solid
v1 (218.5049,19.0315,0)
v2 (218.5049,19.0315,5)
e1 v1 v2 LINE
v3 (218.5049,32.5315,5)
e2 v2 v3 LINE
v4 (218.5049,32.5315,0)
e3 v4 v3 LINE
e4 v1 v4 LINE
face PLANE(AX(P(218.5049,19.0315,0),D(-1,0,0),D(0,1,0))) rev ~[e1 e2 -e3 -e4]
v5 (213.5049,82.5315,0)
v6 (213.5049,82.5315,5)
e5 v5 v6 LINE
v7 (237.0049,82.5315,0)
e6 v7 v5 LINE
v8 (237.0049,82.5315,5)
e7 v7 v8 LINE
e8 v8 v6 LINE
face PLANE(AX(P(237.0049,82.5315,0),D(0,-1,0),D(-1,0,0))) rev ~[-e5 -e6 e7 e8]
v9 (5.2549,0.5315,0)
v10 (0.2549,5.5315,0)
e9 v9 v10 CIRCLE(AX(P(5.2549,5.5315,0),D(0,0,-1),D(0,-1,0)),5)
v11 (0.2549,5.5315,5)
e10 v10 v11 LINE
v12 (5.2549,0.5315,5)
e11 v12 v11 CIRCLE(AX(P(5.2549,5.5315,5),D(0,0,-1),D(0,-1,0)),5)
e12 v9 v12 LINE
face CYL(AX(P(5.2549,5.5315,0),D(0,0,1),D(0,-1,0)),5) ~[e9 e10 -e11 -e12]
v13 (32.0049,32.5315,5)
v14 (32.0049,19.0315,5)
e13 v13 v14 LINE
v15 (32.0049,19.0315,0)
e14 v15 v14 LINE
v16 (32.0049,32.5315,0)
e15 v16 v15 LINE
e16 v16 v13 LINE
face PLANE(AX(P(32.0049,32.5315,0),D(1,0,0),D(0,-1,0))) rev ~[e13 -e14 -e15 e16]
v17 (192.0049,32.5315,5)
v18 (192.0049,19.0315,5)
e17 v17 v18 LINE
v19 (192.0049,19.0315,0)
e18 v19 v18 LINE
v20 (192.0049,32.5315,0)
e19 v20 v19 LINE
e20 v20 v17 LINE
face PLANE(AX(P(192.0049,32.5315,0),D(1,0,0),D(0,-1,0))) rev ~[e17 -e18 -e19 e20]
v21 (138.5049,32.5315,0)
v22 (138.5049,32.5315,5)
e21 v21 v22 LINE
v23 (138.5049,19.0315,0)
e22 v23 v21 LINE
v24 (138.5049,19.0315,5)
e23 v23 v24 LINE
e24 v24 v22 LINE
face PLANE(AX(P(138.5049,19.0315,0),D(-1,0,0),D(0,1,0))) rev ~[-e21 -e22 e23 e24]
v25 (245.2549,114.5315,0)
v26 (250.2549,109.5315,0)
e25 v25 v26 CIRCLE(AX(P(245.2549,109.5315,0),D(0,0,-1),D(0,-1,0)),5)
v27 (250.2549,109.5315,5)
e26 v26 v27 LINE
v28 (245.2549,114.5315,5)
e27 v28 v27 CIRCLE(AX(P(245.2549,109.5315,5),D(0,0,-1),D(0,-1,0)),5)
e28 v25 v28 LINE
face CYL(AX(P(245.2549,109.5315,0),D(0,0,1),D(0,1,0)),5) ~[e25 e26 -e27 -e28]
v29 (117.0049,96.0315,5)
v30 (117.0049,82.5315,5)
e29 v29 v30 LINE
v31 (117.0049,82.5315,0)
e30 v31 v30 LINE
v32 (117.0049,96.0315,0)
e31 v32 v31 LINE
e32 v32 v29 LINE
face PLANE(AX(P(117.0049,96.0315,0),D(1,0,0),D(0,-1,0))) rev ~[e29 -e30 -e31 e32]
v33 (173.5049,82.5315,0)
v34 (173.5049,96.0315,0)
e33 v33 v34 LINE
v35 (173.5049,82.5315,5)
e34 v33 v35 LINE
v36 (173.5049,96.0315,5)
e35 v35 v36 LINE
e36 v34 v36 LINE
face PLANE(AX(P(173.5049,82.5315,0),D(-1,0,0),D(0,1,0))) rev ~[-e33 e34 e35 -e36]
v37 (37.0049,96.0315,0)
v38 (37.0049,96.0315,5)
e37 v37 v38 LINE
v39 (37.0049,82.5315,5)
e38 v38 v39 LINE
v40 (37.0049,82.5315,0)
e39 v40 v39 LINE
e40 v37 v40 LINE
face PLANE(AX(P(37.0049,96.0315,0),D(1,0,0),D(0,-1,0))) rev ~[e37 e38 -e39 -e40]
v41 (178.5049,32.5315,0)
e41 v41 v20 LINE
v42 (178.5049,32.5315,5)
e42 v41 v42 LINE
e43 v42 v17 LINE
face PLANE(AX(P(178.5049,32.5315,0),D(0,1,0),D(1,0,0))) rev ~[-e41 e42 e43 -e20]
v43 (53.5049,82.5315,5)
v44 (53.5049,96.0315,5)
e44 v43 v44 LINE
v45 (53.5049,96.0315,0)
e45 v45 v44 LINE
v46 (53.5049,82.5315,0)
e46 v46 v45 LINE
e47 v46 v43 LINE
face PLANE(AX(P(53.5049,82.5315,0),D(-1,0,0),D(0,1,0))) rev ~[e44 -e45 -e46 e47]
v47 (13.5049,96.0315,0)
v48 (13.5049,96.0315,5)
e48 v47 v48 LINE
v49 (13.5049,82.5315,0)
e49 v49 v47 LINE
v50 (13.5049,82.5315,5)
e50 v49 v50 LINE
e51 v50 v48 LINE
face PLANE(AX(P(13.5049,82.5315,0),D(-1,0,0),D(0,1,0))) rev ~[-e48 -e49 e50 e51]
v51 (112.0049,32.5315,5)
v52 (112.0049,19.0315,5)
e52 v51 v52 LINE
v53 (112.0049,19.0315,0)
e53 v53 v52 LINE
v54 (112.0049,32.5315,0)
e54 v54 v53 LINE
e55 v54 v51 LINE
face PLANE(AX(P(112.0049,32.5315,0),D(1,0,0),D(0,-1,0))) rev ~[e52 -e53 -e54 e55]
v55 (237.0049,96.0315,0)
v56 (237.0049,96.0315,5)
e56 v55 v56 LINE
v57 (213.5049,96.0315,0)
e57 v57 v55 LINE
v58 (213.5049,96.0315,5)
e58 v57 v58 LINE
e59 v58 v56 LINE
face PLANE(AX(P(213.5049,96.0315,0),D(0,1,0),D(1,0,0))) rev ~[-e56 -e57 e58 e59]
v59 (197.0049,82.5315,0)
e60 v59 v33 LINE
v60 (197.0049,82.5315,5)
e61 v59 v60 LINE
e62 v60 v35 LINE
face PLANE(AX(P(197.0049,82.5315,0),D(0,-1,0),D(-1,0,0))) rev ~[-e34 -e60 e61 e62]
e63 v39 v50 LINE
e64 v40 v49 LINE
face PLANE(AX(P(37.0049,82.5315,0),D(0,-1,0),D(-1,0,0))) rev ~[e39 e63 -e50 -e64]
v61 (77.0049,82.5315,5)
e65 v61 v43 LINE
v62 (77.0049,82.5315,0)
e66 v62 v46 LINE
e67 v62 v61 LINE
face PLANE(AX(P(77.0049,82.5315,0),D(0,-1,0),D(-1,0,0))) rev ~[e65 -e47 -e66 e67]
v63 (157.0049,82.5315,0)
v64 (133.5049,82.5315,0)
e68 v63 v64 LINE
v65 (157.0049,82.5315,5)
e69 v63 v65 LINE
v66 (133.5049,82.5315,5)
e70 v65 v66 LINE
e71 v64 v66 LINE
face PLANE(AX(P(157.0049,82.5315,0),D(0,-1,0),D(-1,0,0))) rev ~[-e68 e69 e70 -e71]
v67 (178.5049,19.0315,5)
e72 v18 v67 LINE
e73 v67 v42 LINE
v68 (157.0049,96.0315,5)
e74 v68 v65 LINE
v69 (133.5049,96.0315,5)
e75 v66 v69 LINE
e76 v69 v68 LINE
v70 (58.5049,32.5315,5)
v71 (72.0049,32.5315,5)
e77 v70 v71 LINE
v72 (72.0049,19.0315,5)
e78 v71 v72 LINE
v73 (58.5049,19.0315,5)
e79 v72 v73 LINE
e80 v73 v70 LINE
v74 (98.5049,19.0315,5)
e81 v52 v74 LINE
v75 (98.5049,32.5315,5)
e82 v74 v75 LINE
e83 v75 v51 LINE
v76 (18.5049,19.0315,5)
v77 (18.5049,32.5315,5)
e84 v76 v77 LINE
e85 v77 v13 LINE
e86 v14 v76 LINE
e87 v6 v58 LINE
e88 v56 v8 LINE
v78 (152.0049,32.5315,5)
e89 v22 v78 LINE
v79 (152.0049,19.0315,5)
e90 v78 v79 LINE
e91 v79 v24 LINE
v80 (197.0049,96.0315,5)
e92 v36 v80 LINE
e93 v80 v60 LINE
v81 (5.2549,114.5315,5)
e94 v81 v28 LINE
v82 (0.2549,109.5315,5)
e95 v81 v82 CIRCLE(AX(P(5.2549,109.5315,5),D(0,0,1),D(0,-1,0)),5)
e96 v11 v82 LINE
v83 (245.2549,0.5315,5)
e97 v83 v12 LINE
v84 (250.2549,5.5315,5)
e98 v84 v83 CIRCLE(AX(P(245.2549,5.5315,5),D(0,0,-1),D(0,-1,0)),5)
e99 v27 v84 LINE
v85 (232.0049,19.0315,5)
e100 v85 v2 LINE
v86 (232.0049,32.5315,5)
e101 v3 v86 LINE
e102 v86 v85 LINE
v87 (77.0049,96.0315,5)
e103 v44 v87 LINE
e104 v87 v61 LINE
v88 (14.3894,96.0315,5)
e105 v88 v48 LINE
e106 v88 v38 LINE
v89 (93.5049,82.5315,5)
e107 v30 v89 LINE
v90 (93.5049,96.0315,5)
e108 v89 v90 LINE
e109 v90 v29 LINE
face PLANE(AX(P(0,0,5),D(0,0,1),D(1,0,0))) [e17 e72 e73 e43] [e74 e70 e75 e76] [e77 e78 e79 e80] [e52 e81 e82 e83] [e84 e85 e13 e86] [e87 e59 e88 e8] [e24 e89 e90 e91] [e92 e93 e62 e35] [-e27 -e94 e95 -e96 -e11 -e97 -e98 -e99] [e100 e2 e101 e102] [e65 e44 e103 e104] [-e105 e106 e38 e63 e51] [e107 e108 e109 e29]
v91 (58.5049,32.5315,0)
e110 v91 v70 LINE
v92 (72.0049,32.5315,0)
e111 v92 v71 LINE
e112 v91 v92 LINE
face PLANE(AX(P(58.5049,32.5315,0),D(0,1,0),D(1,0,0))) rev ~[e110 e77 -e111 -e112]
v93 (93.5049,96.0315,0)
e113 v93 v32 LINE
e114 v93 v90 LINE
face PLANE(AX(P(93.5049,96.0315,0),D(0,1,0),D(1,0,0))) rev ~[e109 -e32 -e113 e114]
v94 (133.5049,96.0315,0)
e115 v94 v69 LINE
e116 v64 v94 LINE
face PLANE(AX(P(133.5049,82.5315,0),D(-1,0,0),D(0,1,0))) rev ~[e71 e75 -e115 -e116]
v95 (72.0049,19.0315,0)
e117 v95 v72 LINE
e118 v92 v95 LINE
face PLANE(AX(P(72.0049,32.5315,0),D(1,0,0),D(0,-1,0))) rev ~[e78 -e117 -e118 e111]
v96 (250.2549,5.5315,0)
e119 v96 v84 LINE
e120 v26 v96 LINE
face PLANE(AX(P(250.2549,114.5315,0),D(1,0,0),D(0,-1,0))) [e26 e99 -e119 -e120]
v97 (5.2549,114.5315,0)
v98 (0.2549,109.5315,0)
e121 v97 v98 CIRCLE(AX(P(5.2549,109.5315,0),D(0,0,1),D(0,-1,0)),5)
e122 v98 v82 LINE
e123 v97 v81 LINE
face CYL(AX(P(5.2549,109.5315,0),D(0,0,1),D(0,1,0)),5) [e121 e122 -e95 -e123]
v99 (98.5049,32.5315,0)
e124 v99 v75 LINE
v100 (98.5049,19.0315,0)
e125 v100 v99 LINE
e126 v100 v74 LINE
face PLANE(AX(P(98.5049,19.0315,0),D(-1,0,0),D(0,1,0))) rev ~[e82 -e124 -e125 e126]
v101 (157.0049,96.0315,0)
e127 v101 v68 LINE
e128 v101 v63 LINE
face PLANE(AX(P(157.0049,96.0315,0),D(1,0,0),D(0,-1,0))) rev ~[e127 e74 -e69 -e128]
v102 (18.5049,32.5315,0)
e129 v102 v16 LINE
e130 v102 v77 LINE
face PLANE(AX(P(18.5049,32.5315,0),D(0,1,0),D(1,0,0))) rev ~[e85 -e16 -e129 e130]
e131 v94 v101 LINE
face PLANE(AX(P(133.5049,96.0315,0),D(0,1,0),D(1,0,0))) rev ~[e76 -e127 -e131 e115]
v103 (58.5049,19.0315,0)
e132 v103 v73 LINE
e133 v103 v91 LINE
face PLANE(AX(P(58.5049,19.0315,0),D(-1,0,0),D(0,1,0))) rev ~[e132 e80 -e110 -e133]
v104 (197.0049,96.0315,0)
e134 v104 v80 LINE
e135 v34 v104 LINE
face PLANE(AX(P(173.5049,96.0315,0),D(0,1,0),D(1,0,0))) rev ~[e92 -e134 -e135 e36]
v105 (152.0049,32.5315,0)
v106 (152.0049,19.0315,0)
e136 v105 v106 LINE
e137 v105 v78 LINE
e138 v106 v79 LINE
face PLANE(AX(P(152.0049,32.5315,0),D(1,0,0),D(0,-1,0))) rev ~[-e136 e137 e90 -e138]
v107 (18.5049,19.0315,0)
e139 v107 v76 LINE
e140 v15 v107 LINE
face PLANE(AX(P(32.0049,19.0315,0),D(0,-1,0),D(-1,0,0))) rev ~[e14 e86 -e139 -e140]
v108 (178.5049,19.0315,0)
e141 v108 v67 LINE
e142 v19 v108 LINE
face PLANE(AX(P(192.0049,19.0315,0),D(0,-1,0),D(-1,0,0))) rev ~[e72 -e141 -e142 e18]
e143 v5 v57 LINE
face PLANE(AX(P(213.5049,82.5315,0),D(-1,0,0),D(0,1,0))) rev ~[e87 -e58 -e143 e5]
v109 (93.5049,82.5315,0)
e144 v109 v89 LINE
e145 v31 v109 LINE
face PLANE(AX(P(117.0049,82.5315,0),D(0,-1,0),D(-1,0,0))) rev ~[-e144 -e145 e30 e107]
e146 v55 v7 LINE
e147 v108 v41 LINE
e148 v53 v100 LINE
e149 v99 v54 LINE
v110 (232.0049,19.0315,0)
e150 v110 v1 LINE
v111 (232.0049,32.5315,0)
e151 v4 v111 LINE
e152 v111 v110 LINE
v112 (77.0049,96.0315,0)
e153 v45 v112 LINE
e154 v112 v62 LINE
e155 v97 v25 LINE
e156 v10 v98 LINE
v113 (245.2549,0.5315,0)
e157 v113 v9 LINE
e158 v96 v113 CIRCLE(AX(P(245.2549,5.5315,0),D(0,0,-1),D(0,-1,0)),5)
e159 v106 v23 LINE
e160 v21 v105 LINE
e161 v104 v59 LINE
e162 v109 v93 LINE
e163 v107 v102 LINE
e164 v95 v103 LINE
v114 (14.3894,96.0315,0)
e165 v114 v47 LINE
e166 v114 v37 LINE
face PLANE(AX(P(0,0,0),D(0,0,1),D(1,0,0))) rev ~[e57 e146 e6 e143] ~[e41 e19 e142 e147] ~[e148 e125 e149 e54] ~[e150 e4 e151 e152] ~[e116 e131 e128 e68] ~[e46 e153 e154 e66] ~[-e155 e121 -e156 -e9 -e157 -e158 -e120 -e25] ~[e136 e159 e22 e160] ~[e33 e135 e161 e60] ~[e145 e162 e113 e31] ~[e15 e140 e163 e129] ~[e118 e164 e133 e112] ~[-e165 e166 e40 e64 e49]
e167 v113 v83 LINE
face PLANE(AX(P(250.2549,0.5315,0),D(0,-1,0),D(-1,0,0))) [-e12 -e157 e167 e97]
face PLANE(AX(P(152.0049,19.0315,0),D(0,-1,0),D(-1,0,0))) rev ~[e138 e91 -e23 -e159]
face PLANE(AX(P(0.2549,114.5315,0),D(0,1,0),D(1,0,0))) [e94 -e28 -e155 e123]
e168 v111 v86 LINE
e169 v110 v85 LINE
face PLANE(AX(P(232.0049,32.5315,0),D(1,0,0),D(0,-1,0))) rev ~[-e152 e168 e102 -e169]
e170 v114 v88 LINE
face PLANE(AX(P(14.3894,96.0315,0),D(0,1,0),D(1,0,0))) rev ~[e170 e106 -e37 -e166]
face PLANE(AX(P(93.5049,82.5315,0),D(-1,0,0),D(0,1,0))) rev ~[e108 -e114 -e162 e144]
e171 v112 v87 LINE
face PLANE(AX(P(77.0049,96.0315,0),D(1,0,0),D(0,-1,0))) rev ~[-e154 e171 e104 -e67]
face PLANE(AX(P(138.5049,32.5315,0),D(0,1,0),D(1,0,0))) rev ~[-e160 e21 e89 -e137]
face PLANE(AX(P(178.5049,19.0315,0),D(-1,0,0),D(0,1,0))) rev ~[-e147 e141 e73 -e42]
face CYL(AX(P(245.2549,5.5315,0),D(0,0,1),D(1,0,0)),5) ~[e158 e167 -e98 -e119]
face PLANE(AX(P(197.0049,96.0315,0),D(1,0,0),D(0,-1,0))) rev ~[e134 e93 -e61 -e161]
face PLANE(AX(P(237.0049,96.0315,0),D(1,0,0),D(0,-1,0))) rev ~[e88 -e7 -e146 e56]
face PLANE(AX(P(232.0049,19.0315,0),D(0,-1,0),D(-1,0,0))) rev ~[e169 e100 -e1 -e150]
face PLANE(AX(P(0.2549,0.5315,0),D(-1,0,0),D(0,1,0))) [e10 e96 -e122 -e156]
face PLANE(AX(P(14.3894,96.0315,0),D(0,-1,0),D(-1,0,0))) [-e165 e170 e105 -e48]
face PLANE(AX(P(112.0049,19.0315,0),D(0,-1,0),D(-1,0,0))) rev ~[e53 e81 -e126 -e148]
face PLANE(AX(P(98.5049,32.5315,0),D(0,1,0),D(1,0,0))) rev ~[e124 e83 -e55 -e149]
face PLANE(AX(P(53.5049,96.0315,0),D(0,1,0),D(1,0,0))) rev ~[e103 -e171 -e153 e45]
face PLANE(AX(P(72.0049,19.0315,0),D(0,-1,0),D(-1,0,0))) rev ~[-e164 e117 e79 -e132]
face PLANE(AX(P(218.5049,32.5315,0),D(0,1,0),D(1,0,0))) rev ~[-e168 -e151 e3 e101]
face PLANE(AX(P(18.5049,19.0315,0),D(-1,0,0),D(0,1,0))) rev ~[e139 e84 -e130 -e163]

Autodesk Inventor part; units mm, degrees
ref_plane "YZ Plane" through (0, 0, 0) normal (1, 0, 0) x (0, 1, 0)
ref_plane "XZ Plane" through (0, 0, 0) normal (0, 1, 0) x (-1, 0, 0)
ref_plane "XY Plane" through (0, 0, 0) normal (0, 0, 1) x (1, 0, 0)
sketch "Sketch1" plane through (0, 0, 0) normal (0, 0, 1) x (1, 0, 0)
  line L0 (0.2549, 114.5315) -> (250.2549, 114.5315)
  line L1 (250.2549, 114.5315) -> (250.2549, 0.5315)
  line L2 (250.2549, 0.5315) -> (0.2549, 0.5315)
  line L3 (0.2549, 0.5315) -> (0.2549, 114.5315)
  line L4 (14.3894, 96.0315) -> (37.0049, 96.0315)
  line L5 (37.0049, 96.0315) -> (37.0049, 82.5315)
  line L6 (37.0049, 82.5315) -> (13.5049, 82.5315)
  line L7 (13.5049, 82.5315) -> (13.5049, 96.0315)
  line L8 (18.5049, 32.5315) -> (32.0049, 32.5315)
  line L9 (32.0049, 32.5315) -> (32.0049, 19.0315)
  line L10 (32.0049, 19.0315) -> (18.5049, 19.0315)
  line L11 (18.5049, 19.0315) -> (18.5049, 32.5315)
  line L12 (77.0049, 96.0315) -> (77.0049, 82.5315)
  line L13 (77.0049, 82.5315) -> (53.5049, 82.5315)
  line L14 (53.5049, 82.5315) -> (53.5049, 96.0315)
  line L15 (53.5049, 96.0315) -> (77.0049, 96.0315)
  line L16 (117.0049, 96.0315) -> (117.0049, 82.5315)
  line L17 (117.0049, 82.5315) -> (93.5049, 82.5315)
  line L18 (93.5049, 82.5315) -> (93.5049, 96.0315)
  line L19 (93.5049, 96.0315) -> (117.0049, 96.0315)
  line L20 (157.0049, 96.0315) -> (157.0049, 82.5315)
  line L21 (157.0049, 82.5315) -> (133.5049, 82.5315)
  line L22 (133.5049, 82.5315) -> (133.5049, 96.0315)
  line L23 (133.5049, 96.0315) -> (157.0049, 96.0315)
  line L24 (197.0049, 96.0315) -> (197.0049, 82.5315)
  line L25 (197.0049, 82.5315) -> (173.5049, 82.5315)
  line L26 (173.5049, 82.5315) -> (173.5049, 96.0315)
  line L27 (173.5049, 96.0315) -> (197.0049, 96.0315)
  line L28 (237.0049, 96.0315) -> (237.0049, 82.5315)
  line L29 (237.0049, 82.5315) -> (213.5049, 82.5315)
  line L30 (213.5049, 82.5315) -> (213.5049, 96.0315)
  line L31 (213.5049, 96.0315) -> (237.0049, 96.0315)
  line L32 (72.0049, 32.5315) -> (72.0049, 19.0315)
  line L33 (72.0049, 19.0315) -> (58.5049, 19.0315)
  line L34 (58.5049, 19.0315) -> (58.5049, 32.5315)
  line L35 (58.5049, 32.5315) -> (72.0049, 32.5315)
  line L36 (112.0049, 32.5315) -> (112.0049, 19.0315)
  line L37 (112.0049, 19.0315) -> (98.5049, 19.0315)
  line L38 (98.5049, 19.0315) -> (98.5049, 32.5315)
  line L39 (98.5049, 32.5315) -> (112.0049, 32.5315)
  line L40 (152.0049, 32.5315) -> (152.0049, 19.0315)
  line L41 (152.0049, 19.0315) -> (138.5049, 19.0315)
  line L42 (138.5049, 19.0315) -> (138.5049, 32.5315)
  line L43 (138.5049, 32.5315) -> (152.0049, 32.5315)
  line L44 (192.0049, 32.5315) -> (192.0049, 19.0315)
  line L45 (192.0049, 19.0315) -> (178.5049, 19.0315)
  line L46 (178.5049, 19.0315) -> (178.5049, 32.5315)
  line L47 (178.5049, 32.5315) -> (192.0049, 32.5315)
  line L48 (232.0049, 32.5315) -> (232.0049, 19.0315)
  line L49 (232.0049, 19.0315) -> (218.5049, 19.0315)
  line L50 (218.5049, 19.0315) -> (218.5049, 32.5315)
  line L51 (218.5049, 32.5315) -> (232.0049, 32.5315)
  line L52 (25.2549, 68.2407) -> (25.2549, 48.1897)
  line L53 (34.2286, 57.5315) -> (15.7703, 57.5315)
  line L54 (14.3894, 96.0315) -> (13.5049, 96.0315)
  point P0 (0, 0)
  dimension "d8" = 250
  dimension "d9" = 114
  dimension "d10" = 23.5
  dimension "d11" = 13.5
  dimension "d12" = 13.5
  dimension "d13" = 13.5
  dimension "d14" = 40
  dimension "d15" = 40
  dimension "d16" = 13.25
  dimension "d19" = 50
extrude "Extrusion1" add sketch "Sketch1" along normal blind 5
fillet "Fillet1" radius 5 4 edges at (250.2549, 114.5315, 2.5) (250.2549, 0.5315, 2.5) (0.2549, 114.5315, 2.5) (0.2549, 0.5315, 2.5)
properties part number "CuvetteRack-250x144"
